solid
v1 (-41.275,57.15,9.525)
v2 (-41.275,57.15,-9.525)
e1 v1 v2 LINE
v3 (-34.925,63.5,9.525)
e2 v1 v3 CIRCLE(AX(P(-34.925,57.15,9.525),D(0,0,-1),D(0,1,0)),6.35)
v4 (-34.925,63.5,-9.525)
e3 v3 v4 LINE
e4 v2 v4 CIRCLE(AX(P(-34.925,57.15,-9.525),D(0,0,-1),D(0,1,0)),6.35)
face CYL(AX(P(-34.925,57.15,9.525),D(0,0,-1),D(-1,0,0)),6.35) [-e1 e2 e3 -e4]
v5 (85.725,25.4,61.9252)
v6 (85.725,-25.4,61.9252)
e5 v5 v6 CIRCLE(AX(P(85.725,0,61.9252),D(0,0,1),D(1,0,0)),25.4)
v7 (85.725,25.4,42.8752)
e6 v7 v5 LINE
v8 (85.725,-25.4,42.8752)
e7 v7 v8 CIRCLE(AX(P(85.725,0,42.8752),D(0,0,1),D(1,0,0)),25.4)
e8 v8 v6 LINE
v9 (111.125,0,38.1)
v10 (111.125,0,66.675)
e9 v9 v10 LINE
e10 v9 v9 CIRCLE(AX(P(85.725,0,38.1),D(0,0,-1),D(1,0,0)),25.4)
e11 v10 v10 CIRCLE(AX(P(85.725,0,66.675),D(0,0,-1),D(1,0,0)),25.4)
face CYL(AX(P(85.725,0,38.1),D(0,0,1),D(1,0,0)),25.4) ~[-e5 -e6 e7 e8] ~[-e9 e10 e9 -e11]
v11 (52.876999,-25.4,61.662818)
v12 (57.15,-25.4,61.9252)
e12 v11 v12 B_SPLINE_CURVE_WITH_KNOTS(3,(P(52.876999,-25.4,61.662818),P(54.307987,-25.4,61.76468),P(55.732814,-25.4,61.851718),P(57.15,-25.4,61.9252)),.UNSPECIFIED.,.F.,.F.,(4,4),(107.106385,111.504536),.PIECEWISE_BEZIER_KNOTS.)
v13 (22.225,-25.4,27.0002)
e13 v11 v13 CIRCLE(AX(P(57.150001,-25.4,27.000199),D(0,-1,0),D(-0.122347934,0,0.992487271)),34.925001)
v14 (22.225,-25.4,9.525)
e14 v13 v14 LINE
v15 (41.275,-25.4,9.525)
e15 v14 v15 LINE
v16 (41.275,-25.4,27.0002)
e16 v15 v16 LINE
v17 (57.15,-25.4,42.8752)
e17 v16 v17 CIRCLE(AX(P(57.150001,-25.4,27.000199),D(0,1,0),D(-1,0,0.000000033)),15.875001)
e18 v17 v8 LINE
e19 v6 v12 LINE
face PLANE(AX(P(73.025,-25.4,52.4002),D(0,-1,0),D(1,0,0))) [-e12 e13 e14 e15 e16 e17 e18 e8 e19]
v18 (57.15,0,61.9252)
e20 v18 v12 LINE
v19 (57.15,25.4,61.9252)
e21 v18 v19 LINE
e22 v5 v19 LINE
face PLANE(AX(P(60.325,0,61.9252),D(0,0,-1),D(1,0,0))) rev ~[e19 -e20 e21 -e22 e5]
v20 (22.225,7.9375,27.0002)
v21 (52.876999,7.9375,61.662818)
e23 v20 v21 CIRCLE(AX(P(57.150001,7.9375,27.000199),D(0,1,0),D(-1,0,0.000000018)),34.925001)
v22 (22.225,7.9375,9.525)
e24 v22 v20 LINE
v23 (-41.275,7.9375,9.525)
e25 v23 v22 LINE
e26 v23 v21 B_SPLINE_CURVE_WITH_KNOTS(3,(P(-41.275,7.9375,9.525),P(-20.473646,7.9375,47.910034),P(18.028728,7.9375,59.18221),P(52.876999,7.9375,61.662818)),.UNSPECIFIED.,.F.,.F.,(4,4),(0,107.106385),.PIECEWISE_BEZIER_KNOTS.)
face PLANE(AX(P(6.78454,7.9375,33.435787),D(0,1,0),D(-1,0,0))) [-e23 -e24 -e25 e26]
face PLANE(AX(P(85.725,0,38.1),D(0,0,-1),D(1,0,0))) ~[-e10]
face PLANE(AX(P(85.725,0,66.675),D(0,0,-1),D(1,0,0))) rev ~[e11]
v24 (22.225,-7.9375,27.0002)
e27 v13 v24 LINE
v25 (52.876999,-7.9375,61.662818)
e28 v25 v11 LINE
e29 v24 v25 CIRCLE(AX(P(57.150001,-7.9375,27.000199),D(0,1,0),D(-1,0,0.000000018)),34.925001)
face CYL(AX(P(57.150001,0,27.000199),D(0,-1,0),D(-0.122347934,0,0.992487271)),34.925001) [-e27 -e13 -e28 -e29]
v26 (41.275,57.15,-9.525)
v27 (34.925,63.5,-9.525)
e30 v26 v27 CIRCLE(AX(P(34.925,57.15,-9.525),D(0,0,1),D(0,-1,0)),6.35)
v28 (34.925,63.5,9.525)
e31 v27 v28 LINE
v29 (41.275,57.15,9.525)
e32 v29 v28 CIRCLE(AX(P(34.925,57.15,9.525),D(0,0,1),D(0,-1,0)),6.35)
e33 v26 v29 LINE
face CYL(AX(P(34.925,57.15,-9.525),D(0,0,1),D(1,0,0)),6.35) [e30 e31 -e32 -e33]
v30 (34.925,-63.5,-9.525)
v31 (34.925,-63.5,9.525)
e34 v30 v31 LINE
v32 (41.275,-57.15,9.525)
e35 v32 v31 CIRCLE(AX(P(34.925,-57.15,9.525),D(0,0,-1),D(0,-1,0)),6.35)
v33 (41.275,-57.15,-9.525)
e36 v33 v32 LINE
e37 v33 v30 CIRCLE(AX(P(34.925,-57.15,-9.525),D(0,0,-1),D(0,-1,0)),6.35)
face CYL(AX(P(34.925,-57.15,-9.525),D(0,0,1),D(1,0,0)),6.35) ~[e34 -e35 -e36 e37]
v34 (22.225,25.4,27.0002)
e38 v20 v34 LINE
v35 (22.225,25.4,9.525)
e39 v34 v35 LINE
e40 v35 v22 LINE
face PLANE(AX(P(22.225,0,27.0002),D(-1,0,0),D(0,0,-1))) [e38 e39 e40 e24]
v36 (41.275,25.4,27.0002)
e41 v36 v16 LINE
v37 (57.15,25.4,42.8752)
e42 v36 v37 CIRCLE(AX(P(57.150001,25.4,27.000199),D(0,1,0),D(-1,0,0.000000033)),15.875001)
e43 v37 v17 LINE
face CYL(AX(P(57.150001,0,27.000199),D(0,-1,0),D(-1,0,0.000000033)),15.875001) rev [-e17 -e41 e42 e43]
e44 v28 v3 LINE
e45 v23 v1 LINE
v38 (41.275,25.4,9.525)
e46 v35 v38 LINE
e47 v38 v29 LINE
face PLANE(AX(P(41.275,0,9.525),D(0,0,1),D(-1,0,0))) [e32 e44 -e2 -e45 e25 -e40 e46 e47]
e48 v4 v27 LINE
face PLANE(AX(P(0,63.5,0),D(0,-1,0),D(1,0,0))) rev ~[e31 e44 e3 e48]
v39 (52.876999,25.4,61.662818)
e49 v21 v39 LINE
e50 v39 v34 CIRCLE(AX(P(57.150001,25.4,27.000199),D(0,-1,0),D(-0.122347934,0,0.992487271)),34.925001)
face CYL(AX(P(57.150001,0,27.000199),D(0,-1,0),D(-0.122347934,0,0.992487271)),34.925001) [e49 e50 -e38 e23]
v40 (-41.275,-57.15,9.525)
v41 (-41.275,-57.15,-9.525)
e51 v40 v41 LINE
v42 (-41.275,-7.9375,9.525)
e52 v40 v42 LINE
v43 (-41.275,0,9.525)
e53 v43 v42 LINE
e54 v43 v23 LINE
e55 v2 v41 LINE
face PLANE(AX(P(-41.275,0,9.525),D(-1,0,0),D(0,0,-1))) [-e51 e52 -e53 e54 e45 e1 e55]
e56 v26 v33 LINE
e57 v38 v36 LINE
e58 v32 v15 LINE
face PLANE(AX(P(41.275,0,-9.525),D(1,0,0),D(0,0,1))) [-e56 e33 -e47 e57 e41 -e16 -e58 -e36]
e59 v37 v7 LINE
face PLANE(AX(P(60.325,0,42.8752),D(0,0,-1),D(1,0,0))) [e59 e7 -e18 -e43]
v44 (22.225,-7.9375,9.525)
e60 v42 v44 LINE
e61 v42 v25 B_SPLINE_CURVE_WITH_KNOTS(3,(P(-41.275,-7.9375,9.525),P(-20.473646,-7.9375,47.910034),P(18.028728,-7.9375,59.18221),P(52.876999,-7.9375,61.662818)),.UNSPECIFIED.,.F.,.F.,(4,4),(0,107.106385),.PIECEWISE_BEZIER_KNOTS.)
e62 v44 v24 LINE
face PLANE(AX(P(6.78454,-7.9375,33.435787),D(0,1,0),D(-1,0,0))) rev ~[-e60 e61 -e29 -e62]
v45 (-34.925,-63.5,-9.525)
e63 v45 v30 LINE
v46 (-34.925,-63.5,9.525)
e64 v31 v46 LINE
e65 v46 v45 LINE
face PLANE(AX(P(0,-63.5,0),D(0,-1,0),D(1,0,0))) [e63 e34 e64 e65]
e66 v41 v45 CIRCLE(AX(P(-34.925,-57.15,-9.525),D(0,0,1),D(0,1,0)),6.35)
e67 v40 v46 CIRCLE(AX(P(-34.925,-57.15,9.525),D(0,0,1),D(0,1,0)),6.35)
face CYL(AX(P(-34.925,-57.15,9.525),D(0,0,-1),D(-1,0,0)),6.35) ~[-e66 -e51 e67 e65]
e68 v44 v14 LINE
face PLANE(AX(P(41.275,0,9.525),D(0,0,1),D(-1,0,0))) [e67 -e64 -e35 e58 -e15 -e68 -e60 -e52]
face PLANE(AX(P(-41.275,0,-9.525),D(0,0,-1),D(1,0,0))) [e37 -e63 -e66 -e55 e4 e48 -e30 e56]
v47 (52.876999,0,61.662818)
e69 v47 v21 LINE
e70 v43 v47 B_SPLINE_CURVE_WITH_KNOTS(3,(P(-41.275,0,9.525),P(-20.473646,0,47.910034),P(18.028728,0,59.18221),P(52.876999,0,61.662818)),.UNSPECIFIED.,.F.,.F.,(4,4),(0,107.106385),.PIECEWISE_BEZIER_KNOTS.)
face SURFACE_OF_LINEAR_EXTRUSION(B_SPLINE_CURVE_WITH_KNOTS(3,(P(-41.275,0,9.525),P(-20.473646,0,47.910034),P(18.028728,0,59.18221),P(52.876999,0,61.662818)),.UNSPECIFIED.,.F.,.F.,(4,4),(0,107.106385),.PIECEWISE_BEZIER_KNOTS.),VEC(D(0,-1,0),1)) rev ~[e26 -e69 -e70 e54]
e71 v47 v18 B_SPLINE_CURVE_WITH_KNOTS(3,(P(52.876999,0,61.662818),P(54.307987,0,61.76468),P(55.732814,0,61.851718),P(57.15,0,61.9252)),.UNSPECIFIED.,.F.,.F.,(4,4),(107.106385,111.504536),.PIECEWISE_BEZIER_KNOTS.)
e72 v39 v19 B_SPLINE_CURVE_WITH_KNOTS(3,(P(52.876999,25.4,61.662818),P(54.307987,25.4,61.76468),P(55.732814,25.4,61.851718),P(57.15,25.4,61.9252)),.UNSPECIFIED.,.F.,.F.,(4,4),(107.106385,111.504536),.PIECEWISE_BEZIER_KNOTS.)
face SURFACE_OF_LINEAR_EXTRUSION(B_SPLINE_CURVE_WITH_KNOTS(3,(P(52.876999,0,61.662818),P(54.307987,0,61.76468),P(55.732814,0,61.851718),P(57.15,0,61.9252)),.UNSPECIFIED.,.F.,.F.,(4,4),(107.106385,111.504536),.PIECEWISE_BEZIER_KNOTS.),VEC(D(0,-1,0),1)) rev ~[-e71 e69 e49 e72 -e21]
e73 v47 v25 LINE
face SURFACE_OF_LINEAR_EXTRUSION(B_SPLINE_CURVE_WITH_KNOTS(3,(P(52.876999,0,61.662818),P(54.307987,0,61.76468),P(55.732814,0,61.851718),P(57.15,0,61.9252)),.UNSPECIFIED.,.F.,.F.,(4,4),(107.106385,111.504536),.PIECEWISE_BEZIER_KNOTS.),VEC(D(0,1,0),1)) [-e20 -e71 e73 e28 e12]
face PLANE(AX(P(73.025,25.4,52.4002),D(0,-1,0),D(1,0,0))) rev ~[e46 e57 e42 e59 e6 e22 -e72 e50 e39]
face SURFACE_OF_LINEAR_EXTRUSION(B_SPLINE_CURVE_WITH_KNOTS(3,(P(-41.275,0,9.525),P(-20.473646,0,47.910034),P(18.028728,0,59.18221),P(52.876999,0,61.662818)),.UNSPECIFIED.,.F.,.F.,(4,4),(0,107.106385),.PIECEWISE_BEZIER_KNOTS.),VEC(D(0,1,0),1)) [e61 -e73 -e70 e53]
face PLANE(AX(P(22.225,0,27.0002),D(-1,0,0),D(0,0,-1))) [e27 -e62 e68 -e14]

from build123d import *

# Parameters (mm, degrees)
F1_DEPTH = 63.5
F2_DEPTH = 25.4
F3_DEPTH = 7.9375
F0_W     = 25.4
F0_H     = 19.05
F4_DEPTH = 25.4
F6_R     = 6.35


with BuildPart() as f1:
    # F0 (on Front) → F1 (new body, symmetric)
    with BuildSketch(Plane.XZ):
        Polygon((22.225, 9.525), (-41.275, 9.525), (-41.275, -9.525), (41.275, -9.525), (41.275, 9.525), align=None)
    extrude(amount=F1_DEPTH, both=True)

    # F0 (on Front) → F2 (join, symmetric)
    with BuildSketch(Plane.XZ):
        with BuildLine():
            Line((22.225, 27.0002), (22.225, 9.525))
            Line((22.225, 9.525), (41.275, 9.525))
            Line((41.275, 9.525), (41.275, 27.0002))
            ThreePointArc((41.275, 27.0002), (45.92468, 38.22552), (57.15, 42.8752))
            Line((57.15, 42.8752), (60.325, 42.8752))
            Line((60.325, 42.8752), (60.325, 61.9252))
            Line((60.325, 61.9252), (57.15, 61.9252))
            add(Edge.make_bspline(
                [(52.876999, 61.662818), (54.307987, 61.76468), (55.732814, 61.851718), (57.15, 61.9252)],
                knots=[107.106385, 107.106385, 107.106385, 107.106385, 111.504536, 111.504536, 111.504536, 111.504536], degree=3))
            ThreePointArc((52.876999, 61.662818), (30.987143, 50.135898), (22.225, 27.0002))
        make_face()
    extrude(amount=F2_DEPTH, both=True)

    # F0 (on Front) → F3 (join, symmetric)
    with BuildSketch(Plane.XZ):
        with BuildLine():
            add(Edge.make_bspline(
                [(-41.275, 9.525), (-20.473646, 47.910034), (18.028728, 59.18221), (52.876999, 61.662818)],
                knots=[0, 0, 0, 0, 107.106385, 107.106385, 107.106385, 107.106385], degree=3))
            Line((-41.275, 9.525), (22.225, 9.525))
            Line((22.225, 9.525), (22.225, 27.0002))
            ThreePointArc((22.225, 27.0002), (30.987143, 50.135898), (52.876999, 61.662818))
        make_face()
    extrude(amount=F3_DEPTH, both=True)

    # F0 (on Front) → F4 (join, symmetric)
    with BuildSketch(Plane.XZ):
        with Locations((73.025, 52.4002)):
            Rectangle(F0_W, F0_H)
    extrude(amount=F4_DEPTH, both=True)

    # F0 (on Front) → F5 (revolve)
    with BuildSketch(Plane.XZ):
        Polygon((85.725, 66.675), (85.725, 61.9252), (85.725, 42.8752), (85.725, 38.1), (111.125, 38.1), (111.125, 66.675), align=None)
    revolve(axis=Axis((85.725, 0, 52.3875), (0, 0, -1)))

    # F6
    f6_edges = [f1.edges().sort_by_distance(p)[0] for p in [
        (41.275, -63.5, 0),
        (41.275, 63.5, 0),
        (-41.275, 63.5, 0),
        (-41.275, -63.5, 0),
    ]]
    fillet(f6_edges, radius=F6_R)


solid = f1.part
